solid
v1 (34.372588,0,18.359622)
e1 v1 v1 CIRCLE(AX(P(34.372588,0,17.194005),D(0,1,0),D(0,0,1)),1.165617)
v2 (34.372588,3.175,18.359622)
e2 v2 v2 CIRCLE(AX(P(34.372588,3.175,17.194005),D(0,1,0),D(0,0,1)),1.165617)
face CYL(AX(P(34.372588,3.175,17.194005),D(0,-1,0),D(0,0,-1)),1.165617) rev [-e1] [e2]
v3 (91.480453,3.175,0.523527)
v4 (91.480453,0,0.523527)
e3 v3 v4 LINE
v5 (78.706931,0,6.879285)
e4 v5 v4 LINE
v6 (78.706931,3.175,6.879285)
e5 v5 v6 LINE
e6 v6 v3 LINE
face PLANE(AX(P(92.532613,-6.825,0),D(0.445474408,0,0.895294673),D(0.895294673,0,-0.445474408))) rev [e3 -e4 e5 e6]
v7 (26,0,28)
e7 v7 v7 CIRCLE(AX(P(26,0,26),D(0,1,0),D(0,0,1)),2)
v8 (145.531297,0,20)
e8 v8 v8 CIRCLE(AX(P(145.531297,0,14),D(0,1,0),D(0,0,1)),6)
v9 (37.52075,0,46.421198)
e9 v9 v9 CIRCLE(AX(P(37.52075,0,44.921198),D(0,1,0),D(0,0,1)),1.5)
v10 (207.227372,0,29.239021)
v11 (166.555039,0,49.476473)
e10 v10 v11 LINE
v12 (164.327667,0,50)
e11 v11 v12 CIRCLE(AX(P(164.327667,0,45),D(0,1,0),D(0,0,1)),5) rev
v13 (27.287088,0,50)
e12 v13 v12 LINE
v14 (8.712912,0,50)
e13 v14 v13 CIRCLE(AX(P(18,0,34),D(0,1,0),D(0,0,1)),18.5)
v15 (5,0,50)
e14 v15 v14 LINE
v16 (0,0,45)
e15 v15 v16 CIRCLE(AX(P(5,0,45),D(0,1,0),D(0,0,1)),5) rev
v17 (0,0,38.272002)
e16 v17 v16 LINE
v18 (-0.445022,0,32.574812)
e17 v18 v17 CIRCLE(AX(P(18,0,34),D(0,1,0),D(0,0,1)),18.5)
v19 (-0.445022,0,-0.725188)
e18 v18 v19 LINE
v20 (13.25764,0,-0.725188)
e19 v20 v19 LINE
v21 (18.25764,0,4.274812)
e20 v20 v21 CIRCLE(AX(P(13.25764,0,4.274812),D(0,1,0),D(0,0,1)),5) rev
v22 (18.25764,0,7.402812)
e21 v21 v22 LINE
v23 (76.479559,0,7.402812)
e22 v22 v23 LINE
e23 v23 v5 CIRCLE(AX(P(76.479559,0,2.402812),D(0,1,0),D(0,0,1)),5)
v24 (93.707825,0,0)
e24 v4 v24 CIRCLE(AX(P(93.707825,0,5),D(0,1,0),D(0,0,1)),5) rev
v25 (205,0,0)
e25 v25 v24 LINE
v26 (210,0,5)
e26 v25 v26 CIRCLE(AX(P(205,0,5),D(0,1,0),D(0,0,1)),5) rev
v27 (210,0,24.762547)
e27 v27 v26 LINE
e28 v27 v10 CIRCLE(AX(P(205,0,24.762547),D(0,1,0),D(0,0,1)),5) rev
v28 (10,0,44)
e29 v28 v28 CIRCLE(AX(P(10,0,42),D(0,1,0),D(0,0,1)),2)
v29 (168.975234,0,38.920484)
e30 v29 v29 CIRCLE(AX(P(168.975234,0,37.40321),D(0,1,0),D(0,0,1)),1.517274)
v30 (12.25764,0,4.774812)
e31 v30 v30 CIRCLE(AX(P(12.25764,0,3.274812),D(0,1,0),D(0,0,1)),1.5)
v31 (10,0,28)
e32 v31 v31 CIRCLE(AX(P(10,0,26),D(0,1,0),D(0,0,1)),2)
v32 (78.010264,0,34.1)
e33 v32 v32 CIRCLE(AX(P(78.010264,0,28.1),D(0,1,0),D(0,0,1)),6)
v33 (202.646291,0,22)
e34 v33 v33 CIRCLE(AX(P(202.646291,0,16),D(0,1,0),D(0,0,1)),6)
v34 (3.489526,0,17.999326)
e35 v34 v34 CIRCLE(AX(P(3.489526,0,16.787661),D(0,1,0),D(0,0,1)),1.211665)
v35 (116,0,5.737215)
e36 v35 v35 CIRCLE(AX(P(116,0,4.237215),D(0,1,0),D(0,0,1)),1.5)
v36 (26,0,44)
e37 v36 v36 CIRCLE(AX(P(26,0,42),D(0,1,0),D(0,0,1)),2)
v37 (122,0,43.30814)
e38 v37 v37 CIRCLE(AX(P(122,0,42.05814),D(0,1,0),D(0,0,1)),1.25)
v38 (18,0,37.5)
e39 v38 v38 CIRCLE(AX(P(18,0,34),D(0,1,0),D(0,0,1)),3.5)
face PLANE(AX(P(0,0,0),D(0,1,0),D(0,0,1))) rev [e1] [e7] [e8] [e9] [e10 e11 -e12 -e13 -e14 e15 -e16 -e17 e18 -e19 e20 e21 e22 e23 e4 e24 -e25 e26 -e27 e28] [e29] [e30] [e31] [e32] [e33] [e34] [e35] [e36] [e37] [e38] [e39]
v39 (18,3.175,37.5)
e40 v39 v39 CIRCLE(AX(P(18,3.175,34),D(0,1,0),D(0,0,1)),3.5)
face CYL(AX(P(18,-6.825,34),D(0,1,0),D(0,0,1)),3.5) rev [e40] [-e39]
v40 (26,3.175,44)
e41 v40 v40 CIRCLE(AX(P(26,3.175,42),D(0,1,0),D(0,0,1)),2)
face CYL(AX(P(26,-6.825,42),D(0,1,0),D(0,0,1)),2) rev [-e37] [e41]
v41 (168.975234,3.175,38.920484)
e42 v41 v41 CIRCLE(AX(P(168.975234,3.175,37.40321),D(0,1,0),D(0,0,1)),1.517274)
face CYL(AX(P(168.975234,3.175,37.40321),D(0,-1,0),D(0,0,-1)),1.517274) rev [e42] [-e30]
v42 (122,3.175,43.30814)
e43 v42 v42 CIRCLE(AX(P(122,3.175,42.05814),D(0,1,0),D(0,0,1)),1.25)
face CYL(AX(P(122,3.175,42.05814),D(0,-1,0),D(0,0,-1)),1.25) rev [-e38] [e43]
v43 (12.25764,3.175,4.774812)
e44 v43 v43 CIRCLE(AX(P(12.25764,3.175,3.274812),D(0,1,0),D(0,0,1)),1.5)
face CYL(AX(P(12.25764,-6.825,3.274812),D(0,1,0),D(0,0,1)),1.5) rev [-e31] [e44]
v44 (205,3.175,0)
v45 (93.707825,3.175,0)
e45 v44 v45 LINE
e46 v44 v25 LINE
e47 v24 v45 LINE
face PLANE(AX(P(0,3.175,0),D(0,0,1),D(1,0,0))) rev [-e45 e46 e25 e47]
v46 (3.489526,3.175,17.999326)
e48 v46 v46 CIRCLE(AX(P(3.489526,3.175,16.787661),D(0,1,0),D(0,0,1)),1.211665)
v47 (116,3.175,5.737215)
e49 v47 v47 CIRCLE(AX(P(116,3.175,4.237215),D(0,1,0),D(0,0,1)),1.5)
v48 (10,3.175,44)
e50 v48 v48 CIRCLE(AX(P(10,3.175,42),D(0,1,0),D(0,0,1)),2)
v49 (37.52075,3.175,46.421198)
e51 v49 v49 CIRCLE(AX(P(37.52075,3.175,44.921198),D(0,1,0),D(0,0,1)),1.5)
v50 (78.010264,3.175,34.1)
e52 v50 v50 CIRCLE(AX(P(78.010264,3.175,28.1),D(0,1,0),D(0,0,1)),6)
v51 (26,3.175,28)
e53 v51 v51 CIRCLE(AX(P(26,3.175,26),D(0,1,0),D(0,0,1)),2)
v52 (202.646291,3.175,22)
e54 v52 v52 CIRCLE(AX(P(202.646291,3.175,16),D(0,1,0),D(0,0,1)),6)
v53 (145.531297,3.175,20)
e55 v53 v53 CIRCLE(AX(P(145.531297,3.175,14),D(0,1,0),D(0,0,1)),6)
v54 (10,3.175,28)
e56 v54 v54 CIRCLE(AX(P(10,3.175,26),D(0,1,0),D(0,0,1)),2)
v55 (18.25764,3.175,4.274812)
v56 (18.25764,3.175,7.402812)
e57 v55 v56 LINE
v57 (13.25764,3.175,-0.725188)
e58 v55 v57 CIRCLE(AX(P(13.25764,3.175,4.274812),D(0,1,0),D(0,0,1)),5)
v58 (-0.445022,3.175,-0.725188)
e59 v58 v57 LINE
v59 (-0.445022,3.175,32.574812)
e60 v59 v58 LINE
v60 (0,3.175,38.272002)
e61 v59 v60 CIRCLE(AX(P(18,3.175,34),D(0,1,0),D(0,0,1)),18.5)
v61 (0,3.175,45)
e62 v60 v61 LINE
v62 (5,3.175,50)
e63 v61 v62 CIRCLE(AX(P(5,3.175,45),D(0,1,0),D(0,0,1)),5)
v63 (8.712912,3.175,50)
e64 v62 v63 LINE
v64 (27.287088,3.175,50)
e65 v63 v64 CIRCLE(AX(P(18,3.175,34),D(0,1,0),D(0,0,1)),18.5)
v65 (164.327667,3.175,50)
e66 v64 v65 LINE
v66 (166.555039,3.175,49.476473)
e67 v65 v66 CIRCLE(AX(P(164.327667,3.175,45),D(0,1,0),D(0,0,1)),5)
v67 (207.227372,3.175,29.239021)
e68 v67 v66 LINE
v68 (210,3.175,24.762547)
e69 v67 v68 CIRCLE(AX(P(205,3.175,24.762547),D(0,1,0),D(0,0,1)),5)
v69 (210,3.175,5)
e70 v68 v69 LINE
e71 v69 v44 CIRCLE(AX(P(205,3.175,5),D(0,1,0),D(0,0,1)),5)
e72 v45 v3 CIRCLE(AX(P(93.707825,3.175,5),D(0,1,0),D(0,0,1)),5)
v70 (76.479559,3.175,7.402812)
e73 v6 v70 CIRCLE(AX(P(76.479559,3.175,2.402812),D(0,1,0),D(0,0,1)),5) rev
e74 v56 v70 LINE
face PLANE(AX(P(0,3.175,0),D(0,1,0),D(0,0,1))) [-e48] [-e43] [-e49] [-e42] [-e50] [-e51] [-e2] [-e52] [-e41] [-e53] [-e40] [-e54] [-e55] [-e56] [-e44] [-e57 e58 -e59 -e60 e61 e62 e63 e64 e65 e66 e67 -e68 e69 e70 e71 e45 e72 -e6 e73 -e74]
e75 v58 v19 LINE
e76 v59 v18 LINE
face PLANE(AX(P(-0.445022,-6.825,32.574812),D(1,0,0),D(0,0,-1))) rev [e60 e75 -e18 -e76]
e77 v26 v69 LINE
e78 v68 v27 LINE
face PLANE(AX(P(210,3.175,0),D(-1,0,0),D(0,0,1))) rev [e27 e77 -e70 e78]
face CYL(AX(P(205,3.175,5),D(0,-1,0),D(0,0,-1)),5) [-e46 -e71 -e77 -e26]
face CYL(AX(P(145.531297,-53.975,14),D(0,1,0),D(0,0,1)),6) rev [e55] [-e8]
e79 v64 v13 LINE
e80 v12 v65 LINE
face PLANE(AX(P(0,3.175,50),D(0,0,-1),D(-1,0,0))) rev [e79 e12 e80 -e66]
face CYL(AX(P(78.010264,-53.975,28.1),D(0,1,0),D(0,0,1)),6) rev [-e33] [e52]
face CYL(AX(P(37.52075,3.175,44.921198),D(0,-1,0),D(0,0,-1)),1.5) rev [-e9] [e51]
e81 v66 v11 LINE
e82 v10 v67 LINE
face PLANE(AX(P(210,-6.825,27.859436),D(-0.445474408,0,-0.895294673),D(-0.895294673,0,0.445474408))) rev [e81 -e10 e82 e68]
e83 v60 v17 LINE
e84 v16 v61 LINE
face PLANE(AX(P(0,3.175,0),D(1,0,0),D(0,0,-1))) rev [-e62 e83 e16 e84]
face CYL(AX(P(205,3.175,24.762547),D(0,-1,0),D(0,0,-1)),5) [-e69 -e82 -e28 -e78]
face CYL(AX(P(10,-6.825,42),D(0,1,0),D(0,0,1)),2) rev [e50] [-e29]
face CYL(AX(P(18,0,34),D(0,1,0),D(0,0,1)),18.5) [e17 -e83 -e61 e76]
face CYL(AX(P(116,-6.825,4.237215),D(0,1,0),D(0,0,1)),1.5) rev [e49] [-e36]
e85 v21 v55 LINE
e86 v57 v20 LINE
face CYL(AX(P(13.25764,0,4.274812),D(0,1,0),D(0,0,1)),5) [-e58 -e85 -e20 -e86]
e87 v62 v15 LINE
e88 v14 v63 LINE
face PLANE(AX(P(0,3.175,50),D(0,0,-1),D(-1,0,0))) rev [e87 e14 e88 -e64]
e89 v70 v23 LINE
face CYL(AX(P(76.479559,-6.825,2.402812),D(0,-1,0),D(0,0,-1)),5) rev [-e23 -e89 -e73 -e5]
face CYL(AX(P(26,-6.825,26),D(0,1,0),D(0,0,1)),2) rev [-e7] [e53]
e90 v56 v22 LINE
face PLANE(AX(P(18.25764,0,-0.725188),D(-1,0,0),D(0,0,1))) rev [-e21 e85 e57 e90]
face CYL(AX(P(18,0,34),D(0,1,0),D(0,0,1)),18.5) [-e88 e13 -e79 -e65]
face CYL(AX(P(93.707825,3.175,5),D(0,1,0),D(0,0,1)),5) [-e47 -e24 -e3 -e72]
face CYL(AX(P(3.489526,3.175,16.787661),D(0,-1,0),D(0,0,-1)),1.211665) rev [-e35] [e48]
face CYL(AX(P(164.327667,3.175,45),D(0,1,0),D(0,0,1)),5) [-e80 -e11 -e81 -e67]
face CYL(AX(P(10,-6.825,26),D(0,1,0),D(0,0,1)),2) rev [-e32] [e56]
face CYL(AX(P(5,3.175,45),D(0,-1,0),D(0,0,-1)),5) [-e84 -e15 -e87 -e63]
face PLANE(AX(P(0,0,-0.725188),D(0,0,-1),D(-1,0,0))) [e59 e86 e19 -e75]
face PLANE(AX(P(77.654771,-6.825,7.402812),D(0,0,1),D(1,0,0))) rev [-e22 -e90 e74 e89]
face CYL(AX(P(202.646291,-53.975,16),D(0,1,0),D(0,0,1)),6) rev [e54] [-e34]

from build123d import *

# Parameters (mm, degrees)
SKETCH1_W           = 210
SKETCH1_H           = 50
SKETCH1_R           = 1.211665018
SKETCH1_R_2         = 1.165617118
SKETCH1_R_3         = 1.5
SKETCH1_R_4         = 1.25
SKETCH1_R_5         = 1.517273905
SKETCH1_R_6         = 3.4
BOSS_EXTRUDE1_DEPTH = 3.175
SKETCH2_R           = 2
CUT_EXTRUDE1_DEPTH  = 10
SKETCH3_R           = 6
SKETCH3_R_2         = 0.586995366
CUT_EXTRUDE2_DEPTH  = 57.15
CUT_EXTRUDE7_DEPTH  = 10
FILLET3_R           = 5
SKETCH11_R          = 18.5
SKETCH11_R_2        = 2
BOSS_EXTRUDE4_DEPTH = 3.175
SKETCH16_W          = 18.257640281
SKETCH16_H          = 3.175
BOSS_EXTRUDE7_DEPTH = 8.128
SKETCH17_W          = 33.3
SKETCH17_H          = 3.175
BOSS_EXTRUDE8_DEPTH = 35.56
SKETCH18_R          = 2
CUT_EXTRUDE8_DEPTH  = 9
SKETCH19_R          = 4
CUT_EXTRUDE9_DEPTH  = 40
FILLET4_R           = 5
SKETCH20_R          = 3.5
CUT_EXTRUDE10_DEPTH = 10
SKETCH21_R          = 1.5
CUT_EXTRUDE11_DEPTH = 10
SKETCH22_R          = 1.5
CUT_EXTRUDE12_DEPTH = 10
SKETCH24_R          = 1.5
CUT_EXTRUDE13_DEPTH = 10
SKETCH25_W          = 49.782255358
SKETCH25_H          = 46.410966041
CUT_EXTRUDE14_DEPTH = 10


with BuildPart() as part:
    # Sketch1 → Boss-Extrude1 (new body)
    with BuildSketch(Plane(origin=(0, 0, 0), x_dir=(1, 0, 0), z_dir=(0, 1, 0))):
        with Locations((105, -25)):
            Rectangle(SKETCH1_W, SKETCH1_H)
        with Locations(Location((3.489526233, -16.787661112, 0), (0, 0, 270))):
            Circle(SKETCH1_R, mode=Mode.SUBTRACT)
        with Locations(Location((34.37258772, -17.194005245, 0), (0, 0, 270))):
            Circle(SKETCH1_R_2, mode=Mode.SUBTRACT)
        with Locations(Location((37.520749958, -44.921198121, 0), (0, 0, 270))):
            Circle(SKETCH1_R_3, mode=Mode.SUBTRACT)
        with Locations(Location((122, -42.058139805, 0), (0, 0, 270))):
            Circle(SKETCH1_R_4, mode=Mode.SUBTRACT)
        with Locations(Location((168.975233936, -37.403209633, 0), (0, 0, 270))):
            Circle(SKETCH1_R_5, mode=Mode.SUBTRACT)
        with Locations(Location((18, -34, 0), (0, 0, 270))):
            Circle(SKETCH1_R_6, mode=Mode.SUBTRACT)
    extrude(amount=BOSS_EXTRUDE1_DEPTH)

    # Sketch2 → Cut-Extrude1 (cut)
    with BuildSketch(Plane(origin=(0, 3.175, 0), x_dir=(1, 0, 0), z_dir=(0, 1, 0))):
        with Locations(Location((10, -26, 0), (0, 0, 270))):
            Circle(SKETCH2_R)
        with Locations(Location((10, -42, 0), (0, 0, 270))):
            Circle(SKETCH2_R)
        with Locations(Location((26, -26, 0), (0, 0, 270))):
            Circle(SKETCH2_R)
        with Locations(Location((26, -42, 0), (0, 0, 270))):
            Circle(SKETCH2_R)
    extrude(amount=-CUT_EXTRUDE1_DEPTH, mode=Mode.SUBTRACT)

    # Sketch3 → Cut-Extrude2 (cut)
    with BuildSketch(Plane(origin=(0, 3.175, 0), x_dir=(1, 0, 0), z_dir=(0, 1, 0))):
        with Locations(Location((78.01026379, -28.1, 0), (0, 0, 270))):
            Circle(SKETCH3_R)
        with Locations(Location((145.531297368, -14, 0), (0, 0, 270))):
            Circle(SKETCH3_R)
        with Locations((18, -34)):
            Circle(SKETCH3_R_2)
        with Locations(Location((202.646291021, -16, 0), (0, 0, 270))):
            Circle(SKETCH3_R)
    extrude(amount=-CUT_EXTRUDE2_DEPTH, mode=Mode.SUBTRACT)

    # Sketch10 → Cut-Extrude7 (cut)
    with BuildSketch(Plane(origin=(0, 3.175, 0), x_dir=(1, 0, 0), z_dir=(0, 1, 0))):
        Polygon((210, -27.859435908), (165.502877994, -50), (210, -50), align=None)
        Polygon((92.532613397, 0), (77.65477062, -7.402812063), (0, -7.402812063), (0, 0), align=None)
    extrude(amount=-CUT_EXTRUDE7_DEPTH, mode=Mode.SUBTRACT)

    # Fillet3
    fillet3_edges = [part.edges().sort_by_distance(p)[0] for p in [
        (210, 1.5875, 0),
        (92.532613397, 1.5875, 0),
        (210, 1.5875, 27.859435908),
        (165.502877994, 1.5875, 50),
        (77.65477062, 1.5875, 7.402812063),
    ]]
    fillet(fillet3_edges, radius=FILLET3_R)

    # Sketch11 → Boss-Extrude4 (add)
    with BuildSketch(Plane(origin=(0, 3.175, 0), x_dir=(1, 0, 0), z_dir=(0, 1, 0))):
        with Locations((18, -34)):
            Circle(SKETCH11_R)
        with Locations(Location((10, -26, 0), (0, 0, 270))):
            Circle(SKETCH11_R_2, mode=Mode.SUBTRACT)
        with Locations(Location((10, -42, 0), (0, 0, 270))):
            Circle(SKETCH11_R_2, mode=Mode.SUBTRACT)
        with Locations(Location((26, -26, 0), (0, 0, 270))):
            Circle(SKETCH11_R_2, mode=Mode.SUBTRACT)
        with Locations(Location((26, -42, 0), (0, 0, 270))):
            Circle(SKETCH11_R_2, mode=Mode.SUBTRACT)
    extrude(amount=-BOSS_EXTRUDE4_DEPTH)

    # Sketch16 → Boss-Extrude7 (add)
    with BuildSketch(Plane(origin=(0, 0, 7.402812063), x_dir=(-1, 0, 0), z_dir=(0, 0, -1))):
        with Locations((-9.128820141, 1.5875)):
            Rectangle(SKETCH16_W, SKETCH16_H)
    extrude(amount=BOSS_EXTRUDE7_DEPTH)

    # Sketch17 → Boss-Extrude8 (add)
    with BuildSketch(Plane.ZY):
        with Locations((15.924812063, 1.5875)):
            Rectangle(SKETCH17_W, SKETCH17_H)
    extrude(amount=BOSS_EXTRUDE8_DEPTH)

    # Sketch18 → Cut-Extrude8 (cut)
    with BuildSketch(Plane(origin=(0, 3.175, 0), x_dir=(1, 0, 0), z_dir=(0, 1, 0))):
        with Locations(Location((-29.612034681, -23.798543698, 0), (0, 0, 270))):
            Circle(SKETCH18_R)
        with Locations(Location((-29.359661767, -7.798707515, 0), (0, 0, 270))):
            Circle(SKETCH18_R)
        with Locations(Location((-13.359825583, -8.051080428, 0), (0, 0, 270))):
            Circle(SKETCH18_R)
        with Locations(Location((-13.612198497, -24.050916612, 0), (0, 0, 270))):
            Circle(SKETCH18_R)
    extrude(amount=-CUT_EXTRUDE8_DEPTH, mode=Mode.SUBTRACT)

    # Sketch19 → Cut-Extrude9 (cut)
    with BuildSketch(Plane(origin=(0, 3.175, 0), x_dir=(1, 0, 0), z_dir=(0, 1, 0))):
        with Locations(Location((-21.359661767, -15.798707515, 0), (0, 0, 270))):
            Circle(SKETCH19_R)
    extrude(amount=-CUT_EXTRUDE9_DEPTH, mode=Mode.SUBTRACT)

    # Fillet4
    fillet4_edges = [part.edges().sort_by_distance(p)[0] for p in [
        (18.257640281, 1.5875, -0.725187937),
        (-35.56, 1.5875, -0.725187937),
        (-35.56, 1.5875, 32.574812063),
        (0, 1.5875, 50),
    ]]
    fillet(fillet4_edges, radius=FILLET4_R)

    # Sketch20 → Cut-Extrude10 (cut)
    with BuildSketch(Plane(origin=(0, 3.175, 0), x_dir=(1, 0, 0), z_dir=(0, 1, 0))):
        with Locations(Location((18, -34, 0), (0, 0, 270))):
            Circle(SKETCH20_R)
    extrude(amount=-CUT_EXTRUDE10_DEPTH, mode=Mode.SUBTRACT)

    # Sketch21 → Cut-Extrude11 (cut)
    with BuildSketch(Plane(origin=(0, 3.175, 0), x_dir=(1, 0, 0), z_dir=(0, 1, 0))):
        with Locations(Location((116, -4.237214774, 0), (0, 0, 270))):
            Circle(SKETCH21_R)
    extrude(amount=-CUT_EXTRUDE11_DEPTH, mode=Mode.SUBTRACT)

    # Sketch22 → Cut-Extrude12 (cut)
    with BuildSketch(Plane(origin=(0, 3.175, 0), x_dir=(1, 0, 0), z_dir=(0, 1, 0))):
        with Locations(Location((12.257640281, -3.274812063, 0), (0, 0, 270))):
            Circle(SKETCH22_R)
    extrude(amount=-CUT_EXTRUDE12_DEPTH, mode=Mode.SUBTRACT)

    # Sketch24 → Cut-Extrude13 (cut)
    with BuildSketch(Plane(origin=(0, 3.175, 0), x_dir=(1, 0, 0), z_dir=(0, 1, 0))):
        with Locations(Location((-30.56, -15.774812063, 0), (0, 0, 270))):
            Circle(SKETCH24_R)
    extrude(amount=-CUT_EXTRUDE13_DEPTH, mode=Mode.SUBTRACT)

    # Sketch25 → Cut-Extrude14 (cut)
    with BuildSketch(Plane(origin=(0, 3.175, 0), x_dir=(1, 0, 0), z_dir=(0, 1, 0))):
        with Locations((-25.336149754, -9.369329043)):
            Rectangle(SKETCH25_W, SKETCH25_H)
    extrude(amount=-CUT_EXTRUDE14_DEPTH, mode=Mode.SUBTRACT)


solid = part.part
